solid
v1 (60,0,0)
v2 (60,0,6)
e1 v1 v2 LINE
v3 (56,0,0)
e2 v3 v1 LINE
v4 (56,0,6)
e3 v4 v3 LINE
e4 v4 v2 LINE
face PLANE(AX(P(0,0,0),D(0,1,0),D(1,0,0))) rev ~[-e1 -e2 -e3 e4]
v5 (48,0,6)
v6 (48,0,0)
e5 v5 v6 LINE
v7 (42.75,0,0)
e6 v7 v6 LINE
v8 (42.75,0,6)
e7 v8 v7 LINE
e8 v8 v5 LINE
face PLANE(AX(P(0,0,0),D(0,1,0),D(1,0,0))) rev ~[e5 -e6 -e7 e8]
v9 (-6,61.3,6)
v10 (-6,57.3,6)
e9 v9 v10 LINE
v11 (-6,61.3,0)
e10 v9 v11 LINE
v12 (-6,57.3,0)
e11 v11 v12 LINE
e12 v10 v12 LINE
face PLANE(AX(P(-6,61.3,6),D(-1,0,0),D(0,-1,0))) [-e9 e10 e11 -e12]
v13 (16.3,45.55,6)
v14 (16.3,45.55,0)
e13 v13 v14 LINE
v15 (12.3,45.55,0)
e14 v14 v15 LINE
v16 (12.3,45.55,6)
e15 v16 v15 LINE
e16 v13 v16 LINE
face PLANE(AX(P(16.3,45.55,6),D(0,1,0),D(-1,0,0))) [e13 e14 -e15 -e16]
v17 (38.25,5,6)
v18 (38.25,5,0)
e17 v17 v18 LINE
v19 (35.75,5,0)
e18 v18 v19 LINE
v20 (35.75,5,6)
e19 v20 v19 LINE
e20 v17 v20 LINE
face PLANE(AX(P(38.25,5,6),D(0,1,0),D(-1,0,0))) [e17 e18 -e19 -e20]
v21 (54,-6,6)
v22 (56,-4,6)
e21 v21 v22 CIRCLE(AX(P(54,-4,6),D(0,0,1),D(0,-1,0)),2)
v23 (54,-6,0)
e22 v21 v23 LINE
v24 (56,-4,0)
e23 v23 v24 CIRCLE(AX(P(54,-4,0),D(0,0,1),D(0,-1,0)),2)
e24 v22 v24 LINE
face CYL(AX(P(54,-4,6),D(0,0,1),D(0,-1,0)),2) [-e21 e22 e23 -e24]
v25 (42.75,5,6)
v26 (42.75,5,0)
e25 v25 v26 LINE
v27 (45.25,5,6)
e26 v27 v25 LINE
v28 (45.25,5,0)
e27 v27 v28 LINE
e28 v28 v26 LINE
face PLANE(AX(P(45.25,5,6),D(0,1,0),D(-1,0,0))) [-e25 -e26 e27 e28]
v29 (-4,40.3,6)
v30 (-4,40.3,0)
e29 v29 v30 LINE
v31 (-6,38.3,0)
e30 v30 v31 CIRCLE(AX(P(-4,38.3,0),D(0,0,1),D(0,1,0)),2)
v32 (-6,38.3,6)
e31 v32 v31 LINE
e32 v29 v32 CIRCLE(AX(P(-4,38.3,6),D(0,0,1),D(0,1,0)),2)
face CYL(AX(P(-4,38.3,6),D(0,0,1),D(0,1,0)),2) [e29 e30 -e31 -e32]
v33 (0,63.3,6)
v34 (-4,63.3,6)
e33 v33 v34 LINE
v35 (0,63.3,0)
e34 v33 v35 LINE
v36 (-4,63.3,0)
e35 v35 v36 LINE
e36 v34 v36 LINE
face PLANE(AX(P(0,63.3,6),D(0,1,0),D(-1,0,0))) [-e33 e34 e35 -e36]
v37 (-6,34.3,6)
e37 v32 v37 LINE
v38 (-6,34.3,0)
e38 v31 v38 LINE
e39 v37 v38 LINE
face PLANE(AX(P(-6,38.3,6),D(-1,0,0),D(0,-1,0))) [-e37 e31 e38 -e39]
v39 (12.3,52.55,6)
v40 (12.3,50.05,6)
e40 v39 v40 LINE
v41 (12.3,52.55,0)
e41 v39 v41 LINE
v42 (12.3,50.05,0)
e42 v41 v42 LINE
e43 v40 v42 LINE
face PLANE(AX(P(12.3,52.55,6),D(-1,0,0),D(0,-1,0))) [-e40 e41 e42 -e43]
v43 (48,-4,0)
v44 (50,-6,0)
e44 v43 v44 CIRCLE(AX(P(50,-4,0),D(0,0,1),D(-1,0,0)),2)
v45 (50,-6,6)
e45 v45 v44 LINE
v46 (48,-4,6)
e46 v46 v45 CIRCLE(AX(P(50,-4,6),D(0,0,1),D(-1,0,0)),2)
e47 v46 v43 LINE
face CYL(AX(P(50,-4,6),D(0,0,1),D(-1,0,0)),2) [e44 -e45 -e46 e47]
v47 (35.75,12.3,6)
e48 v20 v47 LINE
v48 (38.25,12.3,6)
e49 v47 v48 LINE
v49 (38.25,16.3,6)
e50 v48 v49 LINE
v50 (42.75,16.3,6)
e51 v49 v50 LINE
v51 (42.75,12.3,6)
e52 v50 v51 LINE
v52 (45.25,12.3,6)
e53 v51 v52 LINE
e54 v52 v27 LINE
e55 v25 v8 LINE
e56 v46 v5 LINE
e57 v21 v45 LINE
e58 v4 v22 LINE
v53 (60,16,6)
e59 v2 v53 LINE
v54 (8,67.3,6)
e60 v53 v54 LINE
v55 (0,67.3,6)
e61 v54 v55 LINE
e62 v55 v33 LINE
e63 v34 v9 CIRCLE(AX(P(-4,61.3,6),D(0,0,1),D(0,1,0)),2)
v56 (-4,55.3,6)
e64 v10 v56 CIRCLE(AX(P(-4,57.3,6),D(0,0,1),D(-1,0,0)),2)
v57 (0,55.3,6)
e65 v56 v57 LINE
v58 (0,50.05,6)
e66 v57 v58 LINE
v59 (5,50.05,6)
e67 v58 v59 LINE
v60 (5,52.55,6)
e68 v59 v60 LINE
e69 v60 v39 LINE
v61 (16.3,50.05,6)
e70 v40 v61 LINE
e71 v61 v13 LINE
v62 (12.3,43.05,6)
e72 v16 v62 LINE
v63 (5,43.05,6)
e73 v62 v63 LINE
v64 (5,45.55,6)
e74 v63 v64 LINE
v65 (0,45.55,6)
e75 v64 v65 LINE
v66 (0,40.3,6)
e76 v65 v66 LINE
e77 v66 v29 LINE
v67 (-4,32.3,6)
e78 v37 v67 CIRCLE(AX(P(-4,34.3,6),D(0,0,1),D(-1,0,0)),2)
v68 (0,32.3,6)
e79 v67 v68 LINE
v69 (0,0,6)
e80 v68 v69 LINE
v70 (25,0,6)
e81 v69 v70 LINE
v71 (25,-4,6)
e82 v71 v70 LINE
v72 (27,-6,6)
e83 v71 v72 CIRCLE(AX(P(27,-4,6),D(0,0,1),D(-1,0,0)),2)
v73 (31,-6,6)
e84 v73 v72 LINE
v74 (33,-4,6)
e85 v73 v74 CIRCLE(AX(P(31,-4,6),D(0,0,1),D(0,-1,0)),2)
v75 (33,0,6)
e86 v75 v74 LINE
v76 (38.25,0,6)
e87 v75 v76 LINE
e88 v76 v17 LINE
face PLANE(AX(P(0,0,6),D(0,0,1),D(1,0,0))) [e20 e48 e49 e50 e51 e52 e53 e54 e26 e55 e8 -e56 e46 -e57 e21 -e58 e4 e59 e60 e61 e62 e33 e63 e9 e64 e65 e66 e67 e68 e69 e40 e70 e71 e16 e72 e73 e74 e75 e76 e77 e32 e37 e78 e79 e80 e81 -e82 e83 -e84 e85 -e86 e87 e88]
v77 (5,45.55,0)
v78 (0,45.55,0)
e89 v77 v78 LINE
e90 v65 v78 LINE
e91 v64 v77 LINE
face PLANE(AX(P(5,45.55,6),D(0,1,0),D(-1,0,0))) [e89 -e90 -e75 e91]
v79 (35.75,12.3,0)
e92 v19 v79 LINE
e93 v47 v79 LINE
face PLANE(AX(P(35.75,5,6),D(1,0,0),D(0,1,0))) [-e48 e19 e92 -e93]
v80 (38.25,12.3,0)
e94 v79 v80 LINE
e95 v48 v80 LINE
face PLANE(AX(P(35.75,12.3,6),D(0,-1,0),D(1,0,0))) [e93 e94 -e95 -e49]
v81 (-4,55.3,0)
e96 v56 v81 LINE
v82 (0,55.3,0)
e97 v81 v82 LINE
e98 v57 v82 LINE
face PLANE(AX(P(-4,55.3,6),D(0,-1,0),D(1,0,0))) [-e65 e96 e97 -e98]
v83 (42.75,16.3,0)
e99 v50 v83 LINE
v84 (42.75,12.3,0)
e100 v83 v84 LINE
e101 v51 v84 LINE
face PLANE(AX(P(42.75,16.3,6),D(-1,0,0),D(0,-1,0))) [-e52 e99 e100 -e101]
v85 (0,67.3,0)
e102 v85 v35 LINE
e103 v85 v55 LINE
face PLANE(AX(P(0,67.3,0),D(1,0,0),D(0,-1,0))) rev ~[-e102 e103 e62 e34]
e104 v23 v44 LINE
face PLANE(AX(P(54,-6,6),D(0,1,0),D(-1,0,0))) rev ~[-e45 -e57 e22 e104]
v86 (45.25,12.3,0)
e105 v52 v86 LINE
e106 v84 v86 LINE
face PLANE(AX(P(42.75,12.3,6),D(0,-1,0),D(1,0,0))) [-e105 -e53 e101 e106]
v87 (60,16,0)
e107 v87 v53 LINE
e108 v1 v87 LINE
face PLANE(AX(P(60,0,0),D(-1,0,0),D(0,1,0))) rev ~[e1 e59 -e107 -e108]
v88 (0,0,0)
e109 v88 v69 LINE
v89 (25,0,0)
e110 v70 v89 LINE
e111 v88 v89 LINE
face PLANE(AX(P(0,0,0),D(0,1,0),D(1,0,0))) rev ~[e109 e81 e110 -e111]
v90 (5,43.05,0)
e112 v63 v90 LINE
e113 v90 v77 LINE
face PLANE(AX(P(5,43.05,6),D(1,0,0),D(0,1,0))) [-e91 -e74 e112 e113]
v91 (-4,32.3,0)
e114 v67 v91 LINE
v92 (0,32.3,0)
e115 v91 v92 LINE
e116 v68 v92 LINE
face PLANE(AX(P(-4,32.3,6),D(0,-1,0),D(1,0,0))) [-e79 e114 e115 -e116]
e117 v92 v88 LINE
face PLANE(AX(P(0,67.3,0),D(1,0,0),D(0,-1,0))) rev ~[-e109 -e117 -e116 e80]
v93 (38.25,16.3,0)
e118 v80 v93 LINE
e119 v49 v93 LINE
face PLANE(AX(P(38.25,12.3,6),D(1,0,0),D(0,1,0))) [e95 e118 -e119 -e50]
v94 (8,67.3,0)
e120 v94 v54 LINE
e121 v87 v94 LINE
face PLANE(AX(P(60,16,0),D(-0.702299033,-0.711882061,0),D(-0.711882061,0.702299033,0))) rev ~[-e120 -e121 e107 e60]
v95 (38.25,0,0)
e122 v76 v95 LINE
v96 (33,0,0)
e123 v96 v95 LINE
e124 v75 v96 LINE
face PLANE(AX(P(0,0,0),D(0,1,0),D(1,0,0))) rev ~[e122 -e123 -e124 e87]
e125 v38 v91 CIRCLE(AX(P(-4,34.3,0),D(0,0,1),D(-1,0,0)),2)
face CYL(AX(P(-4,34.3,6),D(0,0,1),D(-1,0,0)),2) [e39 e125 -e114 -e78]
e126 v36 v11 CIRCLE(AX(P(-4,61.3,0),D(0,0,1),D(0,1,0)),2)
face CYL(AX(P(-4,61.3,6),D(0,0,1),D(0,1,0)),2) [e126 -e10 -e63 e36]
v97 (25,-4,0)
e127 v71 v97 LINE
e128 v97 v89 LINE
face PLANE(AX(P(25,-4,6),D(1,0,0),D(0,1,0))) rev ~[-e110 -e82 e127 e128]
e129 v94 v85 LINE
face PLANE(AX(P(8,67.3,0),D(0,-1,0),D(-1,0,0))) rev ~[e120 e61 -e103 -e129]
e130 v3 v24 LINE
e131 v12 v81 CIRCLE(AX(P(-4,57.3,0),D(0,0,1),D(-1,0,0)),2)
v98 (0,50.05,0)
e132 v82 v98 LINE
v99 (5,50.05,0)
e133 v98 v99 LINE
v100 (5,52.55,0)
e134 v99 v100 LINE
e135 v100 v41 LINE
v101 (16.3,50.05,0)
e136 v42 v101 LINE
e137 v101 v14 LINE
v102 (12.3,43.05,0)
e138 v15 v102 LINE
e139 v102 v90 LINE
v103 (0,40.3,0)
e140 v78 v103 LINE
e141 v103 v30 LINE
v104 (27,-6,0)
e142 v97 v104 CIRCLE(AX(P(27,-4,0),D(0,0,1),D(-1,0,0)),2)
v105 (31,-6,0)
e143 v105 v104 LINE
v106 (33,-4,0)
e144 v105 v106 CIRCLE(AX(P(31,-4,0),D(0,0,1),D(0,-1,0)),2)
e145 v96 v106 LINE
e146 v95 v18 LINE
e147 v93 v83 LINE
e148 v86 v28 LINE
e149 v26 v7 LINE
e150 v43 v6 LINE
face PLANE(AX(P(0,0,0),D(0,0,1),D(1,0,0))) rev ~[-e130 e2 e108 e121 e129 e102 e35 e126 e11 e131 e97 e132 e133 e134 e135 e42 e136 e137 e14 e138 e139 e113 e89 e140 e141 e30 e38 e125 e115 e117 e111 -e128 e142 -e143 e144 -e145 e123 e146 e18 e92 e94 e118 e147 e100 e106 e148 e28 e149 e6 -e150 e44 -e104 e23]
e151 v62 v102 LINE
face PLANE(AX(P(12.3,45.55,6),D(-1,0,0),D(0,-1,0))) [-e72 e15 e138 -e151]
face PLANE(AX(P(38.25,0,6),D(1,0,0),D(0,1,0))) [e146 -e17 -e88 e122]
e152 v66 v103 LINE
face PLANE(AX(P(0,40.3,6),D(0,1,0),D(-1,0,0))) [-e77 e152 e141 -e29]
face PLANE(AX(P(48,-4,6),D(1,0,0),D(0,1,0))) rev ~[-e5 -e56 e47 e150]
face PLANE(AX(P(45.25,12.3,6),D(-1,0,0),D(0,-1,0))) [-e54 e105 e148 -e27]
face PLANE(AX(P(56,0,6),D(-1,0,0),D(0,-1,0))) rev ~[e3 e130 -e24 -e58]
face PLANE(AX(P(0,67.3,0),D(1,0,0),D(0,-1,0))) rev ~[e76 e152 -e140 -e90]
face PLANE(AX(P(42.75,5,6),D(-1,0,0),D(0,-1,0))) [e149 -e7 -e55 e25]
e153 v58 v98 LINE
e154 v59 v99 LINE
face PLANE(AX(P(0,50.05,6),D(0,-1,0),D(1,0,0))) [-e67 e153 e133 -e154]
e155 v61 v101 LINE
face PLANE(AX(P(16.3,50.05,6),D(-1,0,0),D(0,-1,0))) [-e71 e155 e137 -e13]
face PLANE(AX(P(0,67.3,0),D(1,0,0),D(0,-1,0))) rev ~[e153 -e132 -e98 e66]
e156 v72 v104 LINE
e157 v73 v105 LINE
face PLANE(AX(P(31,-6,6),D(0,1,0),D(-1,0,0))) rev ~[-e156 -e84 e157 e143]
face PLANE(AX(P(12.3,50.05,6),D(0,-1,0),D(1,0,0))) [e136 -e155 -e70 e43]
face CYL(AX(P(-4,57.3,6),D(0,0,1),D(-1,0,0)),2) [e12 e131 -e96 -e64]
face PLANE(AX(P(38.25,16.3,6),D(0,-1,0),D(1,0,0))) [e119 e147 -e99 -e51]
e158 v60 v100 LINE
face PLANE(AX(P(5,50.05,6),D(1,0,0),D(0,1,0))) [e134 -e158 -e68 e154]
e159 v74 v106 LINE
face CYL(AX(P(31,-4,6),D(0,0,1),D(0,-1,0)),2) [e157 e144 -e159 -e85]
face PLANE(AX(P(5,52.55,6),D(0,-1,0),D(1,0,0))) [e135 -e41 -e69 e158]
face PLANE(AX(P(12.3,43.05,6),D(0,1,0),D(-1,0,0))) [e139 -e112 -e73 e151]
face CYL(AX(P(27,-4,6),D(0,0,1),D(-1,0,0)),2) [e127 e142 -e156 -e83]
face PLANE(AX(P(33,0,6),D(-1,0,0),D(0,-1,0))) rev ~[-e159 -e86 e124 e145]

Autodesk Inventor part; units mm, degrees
ref_plane "YZ Plane" through (0, 0, 0) normal (1, 0, 0) x (0, 1, 0)
ref_plane "XZ Plane" through (0, 0, 0) normal (0, 1, 0) x (-1, 0, 0)
ref_plane "XY Plane" through (0, 0, 0) normal (0, 0, 1) x (1, 0, 0)
sketch "Sketch1" plane through (0, 0, 0) normal (0, 0, 1) x (1, 0, 0)
  line L0 (0, 67.3) -> (0, 0)
  line L1 (0, 0) -> (60, 0)
  line L2 (60, 0) -> (60, 16)
  line L3 (60, 16) -> (8, 67.3)
  line L4 (8, 67.3) -> (0, 67.3)
  dimension "d0" = 67.3
  dimension "d1" = 8
  dimension "d2" = 16
  dimension "d3" = 60
extrude "Extrusion1" add sketch "Sketch1" along normal blind 6
sketch "Sketch2" plane through (0, 0, 6) normal (0, 0, 1) x (1, 0, 0)
  line L0 (0, 67.3) -> (0, 0) projected
  line L1 (0, 0) -> (60, 0) projected
  line L2 (60, 0) -> (60, 16) projected
  line L3 (8, 67.3) -> (0, 67.3) projected
  line L4 (16.3, 50.05) -> (16.3, 45.55)
  line L5 (0, 45.55) -> (0, 50.05)
  line L6 (5, 52.55) -> (12.3, 52.55)
  line L7 (12.3, 43.05) -> (5, 43.05)
  line L8 (38.25, 16.3) -> (42.75, 16.3)
  line L9 (42.75, 0) -> (38.25, 0)
  line L10 (45.25, 12.3) -> (45.25, 5)
  line L11 (35.75, 5) -> (35.75, 12.3)
  line L12 (5, 43.05) -> (5, 45.55)
  line L13 (5, 50.05) -> (5, 52.55)
  line L14 (12.3, 52.55) -> (12.3, 50.05)
  line L15 (12.3, 45.55) -> (12.3, 43.05)
  line L16 (0, 50.05) -> (5, 50.05)
  line L17 (12.3, 50.05) -> (16.3, 50.05)
  line L18 (16.3, 45.55) -> (12.3, 45.55)
  line L19 (5, 45.55) -> (0, 45.55)
  line L20 (35.75, 12.3) -> (38.25, 12.3)
  line L21 (42.75, 12.3) -> (45.25, 12.3)
  line L22 (45.25, 5) -> (42.75, 5)
  line L23 (38.25, 5) -> (35.75, 5)
  line L24 (38.25, 0) -> (38.25, 5)
  line L25 (38.25, 12.3) -> (38.25, 16.3)
  line L26 (42.75, 16.3) -> (42.75, 12.3)
  line L27 (42.75, 5) -> (42.75, 0)
  point P0 (16.3, 47.8)
  point P1 (40.5, 16.3)
  dimension "d6" = 4.5
  dimension "d7" = 5
  dimension "d8" = 7.3
  dimension "d9" = 4
  dimension "d10" = 2.5
  dimension "d11" = 19.5
  dimension "d12" = 19.5
extrude "Extrusion2" cut sketch "Sketch2" against normal blind 6
sketch "Sketch3" plane through (0, 0, 6) normal (0, 0, 1) x (1, 0, 0)
  line L0 (0, 45.55) -> (0, 0) projected
  line L1 (0, 0) -> (38.25, 0) projected
  line L2 (38.25, 16.3) -> (42.75, 16.3) projected
  line L3 (42.75, 0) -> (60, 0) projected
  line L4 (0, 67.3) -> (0, 50.05) projected
  line L5 (16.3, 50.05) -> (16.3, 45.55) projected
  line L6 (0, 40.3) -> (-4, 40.3)
  line L7 (-6, 38.3) -> (-6, 34.3)
  line L8 (-4, 32.3) -> (0, 32.3)
  line L9 (0, 32.3) -> (0, 40.3)
  line L10 (0, 63.3) -> (-4, 63.3)
  line L11 (-6, 61.3) -> (-6, 57.3)
  line L12 (-4, 55.3) -> (0, 55.3)
  line L13 (0, 55.3) -> (0, 63.3)
  line L14 (25, 0) -> (33, 0)
  line L15 (33, 0) -> (33, -4)
  line L16 (31, -6) -> (27, -6)
  line L17 (25, -4) -> (25, 0)
  line L18 (48, 0) -> (56, 0)
  line L19 (56, 0) -> (56, -4)
  line L20 (54, -6) -> (50, -6)
  line L21 (48, -4) -> (48, 0)
  arc A0 (-4, 63.3) -> (-6, 61.3) centre (-4, 61.3) ccw
  arc A1 (-6, 57.3) -> (-4, 55.3) centre (-4, 57.3) ccw
  arc A2 (-4, 40.3) -> (-6, 38.3) centre (-4, 38.3) ccw
  arc A3 (-6, 34.3) -> (-4, 32.3) centre (-4, 34.3) ccw
  arc A4 (25, -4) -> (27, -6) centre (27, -4) ccw
  arc A5 (31, -6) -> (33, -4) centre (31, -4) ccw
  arc A6 (48, -4) -> (50, -6) centre (50, -4) ccw
  arc A7 (54, -6) -> (56, -4) centre (54, -4) ccw
  point P0 (16.3, 47.8)
  point P1 (40.5, 16.3)
  dimension "d15" = 2
  dimension "d16" = 8
  dimension "d17" = 8
  dimension "d18" = 8
  dimension "d19" = 8
  dimension "d20" = 6
  dimension "d21" = 6
  dimension "d22" = 15
  dimension "d23" = 15
  dimension "d24" = 7.5
  dimension "d25" = 7.5
extrude "Extrusion3" add sketch "Sketch3" against normal blind 6
properties part number "y_motor_mount_brace"
